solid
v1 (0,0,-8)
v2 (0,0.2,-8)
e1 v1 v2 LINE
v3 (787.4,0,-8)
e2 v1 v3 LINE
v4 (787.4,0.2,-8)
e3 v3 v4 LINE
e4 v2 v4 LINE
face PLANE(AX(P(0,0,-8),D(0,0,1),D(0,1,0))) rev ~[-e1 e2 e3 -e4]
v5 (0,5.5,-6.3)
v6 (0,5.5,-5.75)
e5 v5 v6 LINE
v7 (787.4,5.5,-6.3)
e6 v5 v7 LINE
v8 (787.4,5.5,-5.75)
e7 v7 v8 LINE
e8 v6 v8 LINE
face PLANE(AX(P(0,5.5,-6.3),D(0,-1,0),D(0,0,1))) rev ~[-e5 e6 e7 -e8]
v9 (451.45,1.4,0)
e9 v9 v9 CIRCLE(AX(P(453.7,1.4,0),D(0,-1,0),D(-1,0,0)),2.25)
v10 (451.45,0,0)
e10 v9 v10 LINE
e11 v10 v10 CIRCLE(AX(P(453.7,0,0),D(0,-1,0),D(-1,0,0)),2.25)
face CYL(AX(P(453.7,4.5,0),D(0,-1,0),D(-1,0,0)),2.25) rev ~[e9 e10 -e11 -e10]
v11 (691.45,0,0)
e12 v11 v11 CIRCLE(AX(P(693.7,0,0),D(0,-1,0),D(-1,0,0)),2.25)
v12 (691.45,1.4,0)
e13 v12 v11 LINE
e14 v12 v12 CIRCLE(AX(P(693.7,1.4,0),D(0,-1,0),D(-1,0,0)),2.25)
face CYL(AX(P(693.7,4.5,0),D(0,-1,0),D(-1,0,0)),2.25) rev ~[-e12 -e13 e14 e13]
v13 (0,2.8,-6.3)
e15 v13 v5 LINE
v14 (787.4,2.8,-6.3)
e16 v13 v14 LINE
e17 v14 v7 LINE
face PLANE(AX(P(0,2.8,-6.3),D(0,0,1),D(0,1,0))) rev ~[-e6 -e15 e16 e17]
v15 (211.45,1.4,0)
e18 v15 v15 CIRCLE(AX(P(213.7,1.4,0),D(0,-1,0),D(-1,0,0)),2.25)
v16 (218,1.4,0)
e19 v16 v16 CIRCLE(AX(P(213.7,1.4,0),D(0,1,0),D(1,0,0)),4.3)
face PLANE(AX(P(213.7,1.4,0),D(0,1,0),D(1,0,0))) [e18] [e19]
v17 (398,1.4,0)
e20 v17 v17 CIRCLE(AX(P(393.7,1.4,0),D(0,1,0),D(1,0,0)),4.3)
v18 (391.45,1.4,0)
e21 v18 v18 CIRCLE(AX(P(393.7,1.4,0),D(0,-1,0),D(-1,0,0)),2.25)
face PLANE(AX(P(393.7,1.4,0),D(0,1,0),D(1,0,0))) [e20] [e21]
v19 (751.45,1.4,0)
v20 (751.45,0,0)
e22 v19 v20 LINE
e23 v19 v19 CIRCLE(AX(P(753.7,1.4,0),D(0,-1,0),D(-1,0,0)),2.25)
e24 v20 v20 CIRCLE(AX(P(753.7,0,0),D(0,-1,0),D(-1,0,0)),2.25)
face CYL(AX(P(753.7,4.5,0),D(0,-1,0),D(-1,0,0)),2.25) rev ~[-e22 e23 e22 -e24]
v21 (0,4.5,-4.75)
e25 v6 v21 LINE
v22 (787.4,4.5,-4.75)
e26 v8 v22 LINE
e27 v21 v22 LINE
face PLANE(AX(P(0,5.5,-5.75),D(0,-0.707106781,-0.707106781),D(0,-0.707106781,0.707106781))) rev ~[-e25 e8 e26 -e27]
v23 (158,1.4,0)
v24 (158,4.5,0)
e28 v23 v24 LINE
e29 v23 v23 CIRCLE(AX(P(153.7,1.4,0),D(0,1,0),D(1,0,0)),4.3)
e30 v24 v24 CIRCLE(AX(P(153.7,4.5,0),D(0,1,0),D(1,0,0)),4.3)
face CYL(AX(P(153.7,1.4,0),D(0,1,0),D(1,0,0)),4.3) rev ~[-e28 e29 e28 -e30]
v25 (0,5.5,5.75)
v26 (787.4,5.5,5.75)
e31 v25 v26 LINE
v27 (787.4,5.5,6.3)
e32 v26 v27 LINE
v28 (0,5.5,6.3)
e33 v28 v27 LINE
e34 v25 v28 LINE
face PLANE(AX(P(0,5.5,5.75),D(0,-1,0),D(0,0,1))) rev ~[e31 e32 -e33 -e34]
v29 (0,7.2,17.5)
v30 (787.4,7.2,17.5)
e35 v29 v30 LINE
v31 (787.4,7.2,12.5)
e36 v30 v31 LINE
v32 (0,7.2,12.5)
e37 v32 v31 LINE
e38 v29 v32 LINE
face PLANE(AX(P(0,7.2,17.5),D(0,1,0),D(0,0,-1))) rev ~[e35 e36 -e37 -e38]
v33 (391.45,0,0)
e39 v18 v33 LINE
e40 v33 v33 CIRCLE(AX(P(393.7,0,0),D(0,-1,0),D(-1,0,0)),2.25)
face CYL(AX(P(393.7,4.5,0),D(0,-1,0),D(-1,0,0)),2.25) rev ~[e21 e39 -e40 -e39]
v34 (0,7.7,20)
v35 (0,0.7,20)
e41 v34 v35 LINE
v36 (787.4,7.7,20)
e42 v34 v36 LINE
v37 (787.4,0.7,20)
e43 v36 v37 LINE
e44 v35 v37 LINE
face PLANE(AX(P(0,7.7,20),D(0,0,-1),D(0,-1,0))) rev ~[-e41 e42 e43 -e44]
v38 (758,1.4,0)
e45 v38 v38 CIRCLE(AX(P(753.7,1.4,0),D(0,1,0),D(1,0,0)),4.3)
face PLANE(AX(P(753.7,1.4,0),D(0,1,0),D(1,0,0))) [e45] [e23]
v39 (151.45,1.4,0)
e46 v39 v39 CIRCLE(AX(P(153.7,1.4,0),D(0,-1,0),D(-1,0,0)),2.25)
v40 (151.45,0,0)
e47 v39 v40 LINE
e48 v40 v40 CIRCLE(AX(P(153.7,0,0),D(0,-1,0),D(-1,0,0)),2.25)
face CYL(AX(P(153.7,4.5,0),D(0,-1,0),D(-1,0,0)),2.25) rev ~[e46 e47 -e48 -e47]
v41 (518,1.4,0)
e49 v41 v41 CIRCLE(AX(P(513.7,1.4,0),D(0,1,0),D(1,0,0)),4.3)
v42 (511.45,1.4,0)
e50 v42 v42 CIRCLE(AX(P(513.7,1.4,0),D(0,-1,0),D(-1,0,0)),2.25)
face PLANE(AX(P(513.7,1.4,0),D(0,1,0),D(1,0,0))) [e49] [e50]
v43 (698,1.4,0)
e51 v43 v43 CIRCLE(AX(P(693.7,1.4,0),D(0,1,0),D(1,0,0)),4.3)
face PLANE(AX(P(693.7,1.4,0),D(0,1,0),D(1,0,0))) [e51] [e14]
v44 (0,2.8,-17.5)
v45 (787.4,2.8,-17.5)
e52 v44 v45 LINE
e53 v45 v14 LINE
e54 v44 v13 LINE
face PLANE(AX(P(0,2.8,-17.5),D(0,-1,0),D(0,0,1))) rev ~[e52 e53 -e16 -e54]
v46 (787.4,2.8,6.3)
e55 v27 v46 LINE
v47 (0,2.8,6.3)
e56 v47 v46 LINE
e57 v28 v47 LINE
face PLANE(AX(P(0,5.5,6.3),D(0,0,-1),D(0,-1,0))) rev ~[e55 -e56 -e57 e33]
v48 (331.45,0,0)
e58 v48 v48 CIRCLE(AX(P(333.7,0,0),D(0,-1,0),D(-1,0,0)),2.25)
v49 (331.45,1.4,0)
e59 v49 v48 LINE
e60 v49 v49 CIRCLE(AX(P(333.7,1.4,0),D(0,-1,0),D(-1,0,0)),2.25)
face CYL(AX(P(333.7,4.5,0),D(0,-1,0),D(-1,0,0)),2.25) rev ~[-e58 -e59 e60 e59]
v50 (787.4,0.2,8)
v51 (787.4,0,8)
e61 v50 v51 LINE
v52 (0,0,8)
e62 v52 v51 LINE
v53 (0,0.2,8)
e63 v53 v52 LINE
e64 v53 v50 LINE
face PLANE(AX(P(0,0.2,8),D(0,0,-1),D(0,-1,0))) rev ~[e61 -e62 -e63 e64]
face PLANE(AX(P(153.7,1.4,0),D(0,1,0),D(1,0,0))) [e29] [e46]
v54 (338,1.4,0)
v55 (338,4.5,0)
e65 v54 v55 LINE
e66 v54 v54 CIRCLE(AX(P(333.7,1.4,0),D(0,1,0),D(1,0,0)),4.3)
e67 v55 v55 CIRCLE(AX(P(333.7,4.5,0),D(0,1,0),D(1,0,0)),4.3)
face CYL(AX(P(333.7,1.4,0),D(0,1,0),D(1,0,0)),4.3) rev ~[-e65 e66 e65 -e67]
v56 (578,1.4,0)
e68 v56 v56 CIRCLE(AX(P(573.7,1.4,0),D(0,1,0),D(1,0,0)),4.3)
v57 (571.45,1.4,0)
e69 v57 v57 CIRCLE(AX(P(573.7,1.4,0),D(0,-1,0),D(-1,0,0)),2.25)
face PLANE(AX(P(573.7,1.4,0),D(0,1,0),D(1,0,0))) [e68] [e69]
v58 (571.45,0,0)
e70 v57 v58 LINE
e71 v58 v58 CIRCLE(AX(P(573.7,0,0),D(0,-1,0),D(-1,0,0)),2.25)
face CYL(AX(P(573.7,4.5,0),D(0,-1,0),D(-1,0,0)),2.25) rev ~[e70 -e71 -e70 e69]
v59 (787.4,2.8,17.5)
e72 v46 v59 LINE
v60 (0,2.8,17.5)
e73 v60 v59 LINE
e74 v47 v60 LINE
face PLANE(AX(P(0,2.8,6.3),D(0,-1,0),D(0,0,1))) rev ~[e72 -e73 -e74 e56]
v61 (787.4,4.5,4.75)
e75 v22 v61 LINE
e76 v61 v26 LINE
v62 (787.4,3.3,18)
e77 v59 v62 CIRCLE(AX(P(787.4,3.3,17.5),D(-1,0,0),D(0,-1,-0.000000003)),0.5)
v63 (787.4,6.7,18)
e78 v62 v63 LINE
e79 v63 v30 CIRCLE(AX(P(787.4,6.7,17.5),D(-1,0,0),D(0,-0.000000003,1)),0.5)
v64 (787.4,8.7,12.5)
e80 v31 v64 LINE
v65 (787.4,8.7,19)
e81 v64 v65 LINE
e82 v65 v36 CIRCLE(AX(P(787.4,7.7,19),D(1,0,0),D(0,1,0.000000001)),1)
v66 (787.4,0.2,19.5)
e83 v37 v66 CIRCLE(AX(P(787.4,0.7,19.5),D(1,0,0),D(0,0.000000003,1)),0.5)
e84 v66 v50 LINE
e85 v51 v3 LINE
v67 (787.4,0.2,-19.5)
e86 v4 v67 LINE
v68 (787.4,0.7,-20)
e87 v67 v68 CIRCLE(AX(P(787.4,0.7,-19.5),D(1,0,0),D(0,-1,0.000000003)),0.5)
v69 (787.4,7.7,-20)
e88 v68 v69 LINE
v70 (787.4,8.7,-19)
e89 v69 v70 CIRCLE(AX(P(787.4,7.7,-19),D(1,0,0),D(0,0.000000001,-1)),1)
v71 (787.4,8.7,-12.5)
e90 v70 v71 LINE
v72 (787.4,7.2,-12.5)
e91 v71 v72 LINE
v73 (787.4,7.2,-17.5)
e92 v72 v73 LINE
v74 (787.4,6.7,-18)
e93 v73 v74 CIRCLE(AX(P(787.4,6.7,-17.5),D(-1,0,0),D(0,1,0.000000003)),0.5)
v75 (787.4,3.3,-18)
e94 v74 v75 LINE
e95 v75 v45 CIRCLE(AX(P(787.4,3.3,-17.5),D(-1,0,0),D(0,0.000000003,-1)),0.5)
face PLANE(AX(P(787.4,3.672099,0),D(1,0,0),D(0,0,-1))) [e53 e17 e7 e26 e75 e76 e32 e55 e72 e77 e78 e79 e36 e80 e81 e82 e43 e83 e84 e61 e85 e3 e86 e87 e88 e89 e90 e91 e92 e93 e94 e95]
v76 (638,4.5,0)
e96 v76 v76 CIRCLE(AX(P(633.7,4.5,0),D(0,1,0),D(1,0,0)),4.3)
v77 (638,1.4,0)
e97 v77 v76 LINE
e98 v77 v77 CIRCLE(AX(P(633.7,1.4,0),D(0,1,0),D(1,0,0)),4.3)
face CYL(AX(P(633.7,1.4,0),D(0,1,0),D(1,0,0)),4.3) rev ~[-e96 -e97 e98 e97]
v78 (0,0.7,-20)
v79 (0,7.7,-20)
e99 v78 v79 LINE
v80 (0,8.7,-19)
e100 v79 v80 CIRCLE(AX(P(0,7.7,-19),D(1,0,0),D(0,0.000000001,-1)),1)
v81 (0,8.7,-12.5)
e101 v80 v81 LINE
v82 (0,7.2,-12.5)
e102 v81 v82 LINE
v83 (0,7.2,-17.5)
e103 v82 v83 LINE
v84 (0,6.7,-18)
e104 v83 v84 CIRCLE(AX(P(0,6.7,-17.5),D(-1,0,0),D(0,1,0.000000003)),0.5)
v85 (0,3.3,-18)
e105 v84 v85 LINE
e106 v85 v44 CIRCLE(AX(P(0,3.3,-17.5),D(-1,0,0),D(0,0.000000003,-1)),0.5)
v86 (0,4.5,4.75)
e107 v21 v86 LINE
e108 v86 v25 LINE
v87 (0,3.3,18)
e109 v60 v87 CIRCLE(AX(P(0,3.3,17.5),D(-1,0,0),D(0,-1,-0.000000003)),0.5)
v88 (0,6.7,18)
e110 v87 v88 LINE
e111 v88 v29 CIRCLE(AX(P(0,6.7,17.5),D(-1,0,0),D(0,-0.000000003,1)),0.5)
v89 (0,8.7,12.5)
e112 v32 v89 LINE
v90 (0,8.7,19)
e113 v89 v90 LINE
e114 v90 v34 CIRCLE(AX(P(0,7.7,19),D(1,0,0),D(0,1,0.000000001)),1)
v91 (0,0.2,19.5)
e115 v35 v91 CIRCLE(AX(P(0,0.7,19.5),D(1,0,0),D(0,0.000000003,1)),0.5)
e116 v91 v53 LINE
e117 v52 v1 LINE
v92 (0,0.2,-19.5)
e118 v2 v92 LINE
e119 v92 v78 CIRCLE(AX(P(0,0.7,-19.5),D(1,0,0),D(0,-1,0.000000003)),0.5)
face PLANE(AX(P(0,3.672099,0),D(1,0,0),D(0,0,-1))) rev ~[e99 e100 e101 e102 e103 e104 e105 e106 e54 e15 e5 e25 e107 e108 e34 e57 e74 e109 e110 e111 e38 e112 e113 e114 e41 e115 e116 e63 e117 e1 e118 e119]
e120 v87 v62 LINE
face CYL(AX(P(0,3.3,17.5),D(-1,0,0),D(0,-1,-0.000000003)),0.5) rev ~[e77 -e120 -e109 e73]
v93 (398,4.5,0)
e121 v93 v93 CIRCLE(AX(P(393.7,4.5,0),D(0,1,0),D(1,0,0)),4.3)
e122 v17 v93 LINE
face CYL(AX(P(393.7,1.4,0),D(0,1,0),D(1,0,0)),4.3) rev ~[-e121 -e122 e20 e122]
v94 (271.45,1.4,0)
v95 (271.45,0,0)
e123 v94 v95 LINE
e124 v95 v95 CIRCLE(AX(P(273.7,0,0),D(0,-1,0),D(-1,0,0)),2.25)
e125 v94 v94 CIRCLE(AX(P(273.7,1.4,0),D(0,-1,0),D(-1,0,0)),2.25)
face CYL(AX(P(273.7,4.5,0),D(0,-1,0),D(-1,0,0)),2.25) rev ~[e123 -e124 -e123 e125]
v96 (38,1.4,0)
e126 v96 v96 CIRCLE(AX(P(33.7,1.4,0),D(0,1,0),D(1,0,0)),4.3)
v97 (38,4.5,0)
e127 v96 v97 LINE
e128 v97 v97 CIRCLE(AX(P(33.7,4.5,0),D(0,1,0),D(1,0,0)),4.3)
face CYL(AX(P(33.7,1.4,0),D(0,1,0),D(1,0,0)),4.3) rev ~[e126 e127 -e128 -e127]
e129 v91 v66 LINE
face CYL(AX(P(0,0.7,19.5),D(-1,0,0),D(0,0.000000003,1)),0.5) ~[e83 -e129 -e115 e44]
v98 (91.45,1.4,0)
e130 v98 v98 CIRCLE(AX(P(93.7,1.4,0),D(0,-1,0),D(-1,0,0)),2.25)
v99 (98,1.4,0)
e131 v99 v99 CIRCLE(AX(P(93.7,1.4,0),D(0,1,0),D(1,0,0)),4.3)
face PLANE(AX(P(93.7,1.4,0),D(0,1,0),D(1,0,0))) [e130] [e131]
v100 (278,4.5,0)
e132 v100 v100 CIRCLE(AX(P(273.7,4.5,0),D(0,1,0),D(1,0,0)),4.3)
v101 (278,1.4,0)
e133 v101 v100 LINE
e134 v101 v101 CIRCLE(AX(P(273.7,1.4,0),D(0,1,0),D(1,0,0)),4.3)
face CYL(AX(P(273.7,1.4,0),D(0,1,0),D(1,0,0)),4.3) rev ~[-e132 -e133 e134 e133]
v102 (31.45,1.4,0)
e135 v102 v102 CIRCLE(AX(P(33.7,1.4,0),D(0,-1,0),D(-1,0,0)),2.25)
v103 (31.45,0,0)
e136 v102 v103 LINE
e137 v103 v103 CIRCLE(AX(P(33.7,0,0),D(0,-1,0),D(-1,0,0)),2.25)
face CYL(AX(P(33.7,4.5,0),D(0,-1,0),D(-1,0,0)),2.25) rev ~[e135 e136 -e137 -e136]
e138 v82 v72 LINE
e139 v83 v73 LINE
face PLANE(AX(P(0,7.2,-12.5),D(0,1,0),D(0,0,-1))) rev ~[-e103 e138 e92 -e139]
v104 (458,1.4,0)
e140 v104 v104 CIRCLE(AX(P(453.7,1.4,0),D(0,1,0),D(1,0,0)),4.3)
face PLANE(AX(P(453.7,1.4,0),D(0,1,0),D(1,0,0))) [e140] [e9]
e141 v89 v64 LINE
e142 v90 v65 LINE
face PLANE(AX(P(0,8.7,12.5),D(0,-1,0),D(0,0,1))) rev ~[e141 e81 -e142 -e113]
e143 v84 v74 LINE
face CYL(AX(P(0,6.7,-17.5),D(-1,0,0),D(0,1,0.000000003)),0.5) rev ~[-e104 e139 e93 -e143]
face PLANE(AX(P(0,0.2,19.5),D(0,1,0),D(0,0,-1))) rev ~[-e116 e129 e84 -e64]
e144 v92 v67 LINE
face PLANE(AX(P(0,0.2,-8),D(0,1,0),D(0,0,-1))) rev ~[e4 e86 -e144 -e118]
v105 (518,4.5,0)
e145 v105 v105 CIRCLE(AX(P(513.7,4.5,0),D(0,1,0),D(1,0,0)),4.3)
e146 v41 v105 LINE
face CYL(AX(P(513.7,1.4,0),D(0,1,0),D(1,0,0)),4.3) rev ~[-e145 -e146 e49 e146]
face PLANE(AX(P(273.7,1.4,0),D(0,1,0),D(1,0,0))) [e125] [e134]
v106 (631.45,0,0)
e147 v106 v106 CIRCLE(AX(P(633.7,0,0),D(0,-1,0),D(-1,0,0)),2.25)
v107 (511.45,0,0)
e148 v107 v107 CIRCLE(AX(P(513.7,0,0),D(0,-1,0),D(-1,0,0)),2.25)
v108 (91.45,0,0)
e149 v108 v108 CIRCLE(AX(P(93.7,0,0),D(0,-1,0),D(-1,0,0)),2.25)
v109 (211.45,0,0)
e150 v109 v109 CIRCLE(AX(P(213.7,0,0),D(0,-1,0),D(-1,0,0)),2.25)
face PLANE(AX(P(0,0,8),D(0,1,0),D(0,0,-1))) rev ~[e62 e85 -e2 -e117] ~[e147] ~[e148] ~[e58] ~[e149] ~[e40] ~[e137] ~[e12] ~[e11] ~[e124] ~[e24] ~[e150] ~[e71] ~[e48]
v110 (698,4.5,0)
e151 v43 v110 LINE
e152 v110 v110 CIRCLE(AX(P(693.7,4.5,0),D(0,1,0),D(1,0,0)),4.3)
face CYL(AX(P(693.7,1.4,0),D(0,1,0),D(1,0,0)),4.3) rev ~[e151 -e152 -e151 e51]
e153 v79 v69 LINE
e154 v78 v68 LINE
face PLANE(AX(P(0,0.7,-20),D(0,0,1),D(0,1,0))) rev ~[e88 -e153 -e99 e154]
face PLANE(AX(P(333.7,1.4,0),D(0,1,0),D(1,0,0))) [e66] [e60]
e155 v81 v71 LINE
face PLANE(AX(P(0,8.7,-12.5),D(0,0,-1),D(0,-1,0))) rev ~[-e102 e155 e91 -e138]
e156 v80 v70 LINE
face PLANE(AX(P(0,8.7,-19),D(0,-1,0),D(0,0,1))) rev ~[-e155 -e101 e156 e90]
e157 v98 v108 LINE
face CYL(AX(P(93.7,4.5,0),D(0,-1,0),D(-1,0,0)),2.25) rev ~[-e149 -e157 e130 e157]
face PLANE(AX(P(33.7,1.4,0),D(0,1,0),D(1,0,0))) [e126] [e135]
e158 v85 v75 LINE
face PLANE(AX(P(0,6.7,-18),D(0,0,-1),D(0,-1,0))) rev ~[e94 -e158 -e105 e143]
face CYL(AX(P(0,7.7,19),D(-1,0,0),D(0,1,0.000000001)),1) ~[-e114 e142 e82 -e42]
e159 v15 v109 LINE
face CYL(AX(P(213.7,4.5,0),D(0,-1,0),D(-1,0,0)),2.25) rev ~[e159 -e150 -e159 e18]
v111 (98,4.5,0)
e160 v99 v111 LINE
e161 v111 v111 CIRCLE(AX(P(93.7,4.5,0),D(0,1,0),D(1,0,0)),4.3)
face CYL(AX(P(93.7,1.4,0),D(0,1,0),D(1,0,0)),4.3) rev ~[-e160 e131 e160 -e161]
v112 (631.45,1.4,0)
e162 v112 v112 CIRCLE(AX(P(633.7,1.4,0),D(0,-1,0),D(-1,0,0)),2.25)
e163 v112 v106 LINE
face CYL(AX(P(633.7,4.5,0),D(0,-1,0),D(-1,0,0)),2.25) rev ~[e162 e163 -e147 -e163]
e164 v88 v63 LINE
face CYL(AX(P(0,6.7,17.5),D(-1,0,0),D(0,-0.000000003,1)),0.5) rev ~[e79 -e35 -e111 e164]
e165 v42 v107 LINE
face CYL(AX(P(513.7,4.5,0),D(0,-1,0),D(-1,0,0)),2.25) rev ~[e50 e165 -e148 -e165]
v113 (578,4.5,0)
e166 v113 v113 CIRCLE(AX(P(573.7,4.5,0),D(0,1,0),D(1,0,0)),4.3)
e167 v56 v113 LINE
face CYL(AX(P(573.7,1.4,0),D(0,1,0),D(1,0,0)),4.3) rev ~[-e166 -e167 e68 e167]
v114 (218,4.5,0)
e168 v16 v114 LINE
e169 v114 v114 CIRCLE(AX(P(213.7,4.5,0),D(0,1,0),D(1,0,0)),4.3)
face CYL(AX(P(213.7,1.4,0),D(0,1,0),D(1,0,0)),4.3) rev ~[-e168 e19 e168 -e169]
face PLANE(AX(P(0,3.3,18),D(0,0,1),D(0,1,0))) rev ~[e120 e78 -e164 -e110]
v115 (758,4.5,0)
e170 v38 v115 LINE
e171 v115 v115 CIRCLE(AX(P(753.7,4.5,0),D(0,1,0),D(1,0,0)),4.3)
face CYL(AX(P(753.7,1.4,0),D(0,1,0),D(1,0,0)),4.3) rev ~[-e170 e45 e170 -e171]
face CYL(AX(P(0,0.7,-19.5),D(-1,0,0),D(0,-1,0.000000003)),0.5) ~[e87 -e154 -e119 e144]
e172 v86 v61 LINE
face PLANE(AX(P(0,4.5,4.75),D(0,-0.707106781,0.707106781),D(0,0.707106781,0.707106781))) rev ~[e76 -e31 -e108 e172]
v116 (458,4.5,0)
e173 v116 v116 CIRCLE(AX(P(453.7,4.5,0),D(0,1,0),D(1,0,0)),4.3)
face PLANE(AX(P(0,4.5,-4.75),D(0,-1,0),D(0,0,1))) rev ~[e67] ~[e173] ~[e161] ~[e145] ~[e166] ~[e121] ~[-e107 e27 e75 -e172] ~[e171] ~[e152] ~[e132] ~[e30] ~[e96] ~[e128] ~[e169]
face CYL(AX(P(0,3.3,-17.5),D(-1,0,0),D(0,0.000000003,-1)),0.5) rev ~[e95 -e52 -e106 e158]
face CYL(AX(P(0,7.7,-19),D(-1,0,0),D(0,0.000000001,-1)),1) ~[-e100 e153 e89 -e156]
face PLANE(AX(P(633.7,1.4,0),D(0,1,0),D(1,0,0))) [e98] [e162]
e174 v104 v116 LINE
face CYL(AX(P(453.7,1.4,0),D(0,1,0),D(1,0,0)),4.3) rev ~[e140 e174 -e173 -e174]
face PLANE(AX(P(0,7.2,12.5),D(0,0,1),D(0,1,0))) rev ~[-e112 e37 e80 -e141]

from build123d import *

# Parameters (mm, degrees)
BOSS_EXTRUDE1_DEPTH             = 787.4
CBORE_FOR_M4_SBHCS1_D           = 4.5
CBORE_FOR_M4_SBHCS1_CBORE_D     = 8.6
CBORE_FOR_M4_SBHCS1_CBORE_DEPTH = 3.1
LPATTERN1_COUNT                 = 13
LPATTERN1_PITCH                 = 60


with BuildPart() as part:
    # Sketch1 → Boss-Extrude1 (new body)
    with BuildSketch(Plane(origin=(0, 0, 0), x_dir=(0, 0, -1), z_dir=(1, 0, 0))):
        with BuildLine():
            Line((-8, 0.2), (-8, 0))
            Line((-8, 0), (8, 0))
            Line((8, 0), (8, 0.2))
            Line((8, 0.2), (19.5, 0.2))
            ThreePointArc((19.5, 0.2), (19.853553391, 0.346446609), (20, 0.7))
            Line((20, 0.7), (20, 7.7))
            ThreePointArc((20, 7.7), (19.707106781, 8.407106781), (19, 8.7))
            Line((19, 8.7), (12.5, 8.7))
            Line((12.5, 8.7), (12.5, 7.2))
            Line((12.5, 7.2), (17.5, 7.2))
            ThreePointArc((17.5, 7.2), (17.853553391, 7.053553391), (18, 6.7))
            Line((18, 6.7), (18, 3.3))
            ThreePointArc((18, 3.3), (17.853553391, 2.946446609), (17.5, 2.8))
            Line((17.5, 2.8), (6.3, 2.8))
            Line((6.3, 2.8), (6.3, 5.5))
            Line((6.3, 5.5), (5.75, 5.5))
            Line((5.75, 5.5), (4.75, 4.5))
            Line((4.75, 4.5), (-4.75, 4.5))
            Line((-4.75, 4.5), (-5.75, 5.5))
            Line((-5.75, 5.5), (-6.3, 5.5))
            Line((-6.3, 5.5), (-6.3, 2.8))
            Line((-6.3, 2.8), (-17.5, 2.8))
            ThreePointArc((-17.5, 2.8), (-17.853553391, 2.946446609), (-18, 3.3))
            Line((-18, 3.3), (-18, 6.7))
            ThreePointArc((-18, 6.7), (-17.853553391, 7.053553391), (-17.5, 7.2))
            Line((-17.5, 7.2), (-12.5, 7.2))
            Line((-12.5, 7.2), (-12.5, 8.7))
            Line((-12.5, 8.7), (-19, 8.7))
            ThreePointArc((-19, 8.7), (-19.707106781, 8.407106781), (-20, 7.7))
            Line((-20, 7.7), (-20, 0.7))
            ThreePointArc((-20, 0.7), (-19.853553391, 0.346446609), (-19.5, 0.2))
            Line((-19.5, 0.2), (-8, 0.2))
        make_face()
    extrude(amount=BOSS_EXTRUDE1_DEPTH)

    # CBORE for M4 SBHCS1 (through all)
    with Locations(Plane(origin=(0, 4.5, 0), x_dir=(1, 0, 0), z_dir=(0, 1, 0))):
        with Locations((33.7, 0)):
            cbore_for_m4_sbhcs1 = CounterBoreHole(CBORE_FOR_M4_SBHCS1_D / 2, CBORE_FOR_M4_SBHCS1_CBORE_D / 2, CBORE_FOR_M4_SBHCS1_CBORE_DEPTH)

    # LPattern1: CBORE for M4 SBHCS1 ×13
    with Locations(*[(i * LPATTERN1_PITCH, 0, 0) for i in range(1, LPATTERN1_COUNT)]):
        add(cbore_for_m4_sbhcs1, mode=Mode.SUBTRACT)


solid = part.part
